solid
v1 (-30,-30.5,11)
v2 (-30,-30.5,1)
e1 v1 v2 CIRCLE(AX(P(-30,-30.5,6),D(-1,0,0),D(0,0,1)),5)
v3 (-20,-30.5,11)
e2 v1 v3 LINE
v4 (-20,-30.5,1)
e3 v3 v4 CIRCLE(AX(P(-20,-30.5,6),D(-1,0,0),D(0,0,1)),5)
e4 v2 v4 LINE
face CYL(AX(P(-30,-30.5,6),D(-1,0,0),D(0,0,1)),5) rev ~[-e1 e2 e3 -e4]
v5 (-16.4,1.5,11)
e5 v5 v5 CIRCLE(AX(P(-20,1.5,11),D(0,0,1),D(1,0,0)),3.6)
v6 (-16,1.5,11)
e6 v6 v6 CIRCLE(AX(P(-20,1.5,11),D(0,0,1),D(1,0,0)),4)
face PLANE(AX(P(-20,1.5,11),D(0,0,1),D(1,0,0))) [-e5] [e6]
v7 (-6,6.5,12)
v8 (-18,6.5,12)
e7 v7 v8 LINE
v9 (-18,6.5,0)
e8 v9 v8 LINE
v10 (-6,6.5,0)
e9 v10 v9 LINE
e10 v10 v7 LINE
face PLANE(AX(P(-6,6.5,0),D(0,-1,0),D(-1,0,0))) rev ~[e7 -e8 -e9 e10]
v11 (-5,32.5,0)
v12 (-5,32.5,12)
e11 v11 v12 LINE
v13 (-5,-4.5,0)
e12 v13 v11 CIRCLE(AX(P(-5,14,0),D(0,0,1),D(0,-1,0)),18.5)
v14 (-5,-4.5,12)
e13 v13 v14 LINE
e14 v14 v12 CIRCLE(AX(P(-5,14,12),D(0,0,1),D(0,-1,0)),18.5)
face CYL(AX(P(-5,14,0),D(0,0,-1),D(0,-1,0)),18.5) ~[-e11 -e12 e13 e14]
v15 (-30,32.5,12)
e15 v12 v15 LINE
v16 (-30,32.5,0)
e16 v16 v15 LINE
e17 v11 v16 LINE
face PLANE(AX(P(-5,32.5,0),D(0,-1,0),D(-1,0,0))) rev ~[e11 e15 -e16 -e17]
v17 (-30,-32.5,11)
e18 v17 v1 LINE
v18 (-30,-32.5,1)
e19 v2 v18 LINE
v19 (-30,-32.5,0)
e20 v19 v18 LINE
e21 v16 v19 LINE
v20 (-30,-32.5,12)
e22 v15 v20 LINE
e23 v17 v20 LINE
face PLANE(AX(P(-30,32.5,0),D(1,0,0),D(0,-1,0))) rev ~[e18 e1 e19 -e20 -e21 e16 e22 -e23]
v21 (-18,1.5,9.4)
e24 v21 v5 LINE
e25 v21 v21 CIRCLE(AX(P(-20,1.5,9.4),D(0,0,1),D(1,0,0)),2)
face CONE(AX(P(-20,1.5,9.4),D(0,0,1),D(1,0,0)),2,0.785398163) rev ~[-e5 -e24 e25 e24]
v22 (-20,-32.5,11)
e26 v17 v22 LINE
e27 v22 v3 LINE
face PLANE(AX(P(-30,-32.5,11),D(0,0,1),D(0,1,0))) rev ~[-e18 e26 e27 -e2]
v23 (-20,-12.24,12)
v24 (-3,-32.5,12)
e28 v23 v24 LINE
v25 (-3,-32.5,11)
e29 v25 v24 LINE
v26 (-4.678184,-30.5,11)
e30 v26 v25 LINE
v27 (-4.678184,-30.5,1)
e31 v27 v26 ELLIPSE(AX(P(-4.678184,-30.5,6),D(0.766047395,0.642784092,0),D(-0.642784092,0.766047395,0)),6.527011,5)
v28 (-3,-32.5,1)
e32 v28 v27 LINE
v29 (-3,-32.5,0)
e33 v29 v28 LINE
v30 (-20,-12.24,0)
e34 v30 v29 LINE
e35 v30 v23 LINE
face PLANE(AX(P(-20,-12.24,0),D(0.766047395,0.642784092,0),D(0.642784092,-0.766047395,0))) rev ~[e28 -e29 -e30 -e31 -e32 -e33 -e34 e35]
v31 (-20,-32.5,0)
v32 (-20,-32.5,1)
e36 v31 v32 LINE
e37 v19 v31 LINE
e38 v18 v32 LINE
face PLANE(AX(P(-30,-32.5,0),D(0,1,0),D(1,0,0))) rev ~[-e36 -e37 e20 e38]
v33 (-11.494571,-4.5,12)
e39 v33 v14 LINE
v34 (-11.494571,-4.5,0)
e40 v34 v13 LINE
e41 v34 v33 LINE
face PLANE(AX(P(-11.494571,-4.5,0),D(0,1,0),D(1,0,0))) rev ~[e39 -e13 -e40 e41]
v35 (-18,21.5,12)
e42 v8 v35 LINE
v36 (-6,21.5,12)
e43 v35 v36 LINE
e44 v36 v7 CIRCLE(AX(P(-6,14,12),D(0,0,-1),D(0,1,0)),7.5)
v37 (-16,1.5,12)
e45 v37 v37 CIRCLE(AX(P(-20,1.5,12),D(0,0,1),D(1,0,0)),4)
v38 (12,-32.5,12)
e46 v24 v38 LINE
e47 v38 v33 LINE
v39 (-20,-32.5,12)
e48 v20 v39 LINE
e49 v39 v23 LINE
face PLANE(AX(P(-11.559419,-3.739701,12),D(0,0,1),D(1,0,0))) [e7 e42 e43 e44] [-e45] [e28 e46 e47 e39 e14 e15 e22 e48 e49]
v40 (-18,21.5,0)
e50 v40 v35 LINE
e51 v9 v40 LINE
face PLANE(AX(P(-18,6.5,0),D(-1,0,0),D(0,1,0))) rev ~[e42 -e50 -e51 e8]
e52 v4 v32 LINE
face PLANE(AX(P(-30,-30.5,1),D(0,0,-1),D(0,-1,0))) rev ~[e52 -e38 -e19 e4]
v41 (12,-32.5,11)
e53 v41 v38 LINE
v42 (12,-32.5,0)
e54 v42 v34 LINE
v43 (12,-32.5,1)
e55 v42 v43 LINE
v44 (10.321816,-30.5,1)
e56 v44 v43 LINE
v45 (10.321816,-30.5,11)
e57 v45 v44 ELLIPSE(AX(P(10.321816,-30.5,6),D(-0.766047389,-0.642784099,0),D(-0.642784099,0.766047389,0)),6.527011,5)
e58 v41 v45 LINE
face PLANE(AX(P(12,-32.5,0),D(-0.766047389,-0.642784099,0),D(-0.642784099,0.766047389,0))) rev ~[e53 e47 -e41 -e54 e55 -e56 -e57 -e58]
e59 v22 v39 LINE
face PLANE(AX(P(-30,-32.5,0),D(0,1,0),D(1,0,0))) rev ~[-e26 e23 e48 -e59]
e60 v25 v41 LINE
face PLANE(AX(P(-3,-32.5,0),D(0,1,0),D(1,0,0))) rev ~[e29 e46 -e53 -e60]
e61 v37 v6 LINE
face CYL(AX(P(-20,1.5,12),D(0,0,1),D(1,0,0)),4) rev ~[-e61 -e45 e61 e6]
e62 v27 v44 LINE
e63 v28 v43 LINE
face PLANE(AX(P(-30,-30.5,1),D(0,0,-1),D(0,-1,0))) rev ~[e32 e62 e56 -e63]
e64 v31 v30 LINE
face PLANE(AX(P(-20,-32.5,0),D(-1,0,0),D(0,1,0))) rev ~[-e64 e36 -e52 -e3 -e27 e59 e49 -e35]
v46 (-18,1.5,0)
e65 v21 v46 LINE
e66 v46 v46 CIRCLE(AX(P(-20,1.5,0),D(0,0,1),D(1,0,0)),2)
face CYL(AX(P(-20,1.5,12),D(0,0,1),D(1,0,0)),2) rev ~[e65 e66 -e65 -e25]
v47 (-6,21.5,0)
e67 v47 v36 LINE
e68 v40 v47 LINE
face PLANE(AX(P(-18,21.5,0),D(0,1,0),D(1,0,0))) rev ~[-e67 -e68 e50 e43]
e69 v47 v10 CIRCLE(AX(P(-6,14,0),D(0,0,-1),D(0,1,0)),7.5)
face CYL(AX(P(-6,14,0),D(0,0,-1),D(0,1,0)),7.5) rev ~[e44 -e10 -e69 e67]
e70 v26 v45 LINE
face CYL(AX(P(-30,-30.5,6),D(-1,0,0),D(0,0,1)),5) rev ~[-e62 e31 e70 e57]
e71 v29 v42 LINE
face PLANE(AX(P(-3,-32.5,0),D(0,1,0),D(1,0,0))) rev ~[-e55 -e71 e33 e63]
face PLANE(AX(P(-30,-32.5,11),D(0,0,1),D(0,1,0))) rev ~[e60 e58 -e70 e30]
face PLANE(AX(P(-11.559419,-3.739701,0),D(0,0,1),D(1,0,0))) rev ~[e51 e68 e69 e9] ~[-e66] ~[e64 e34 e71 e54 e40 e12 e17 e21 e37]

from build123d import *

# Parameters (mm, degrees)
F1_DEPTH = 12
F3_DEPTH = 43.501
F4_R     = 2
F5_DEPTH = 12.001
F6_R     = 4
F7_DEPTH = 1
F8_SIZE  = 1.6


with BuildPart() as f1:
    # F0 (on Top) → F1 (new body)
    with BuildSketch(Plane.XY):
        with BuildLine():
            Line((-5, 32.5), (-30, 32.5))
            Line((-30, 32.5), (-30, -32.5))
            Line((-30, -32.5), (-20, -32.5))
            Line((-20, -32.5), (-20, -12.24))
            Line((-20, -12.24), (-3, -32.5))
            Line((-3, -32.5), (12, -32.5))
            Line((12, -32.5), (-11.494571, -4.5))
            Line((-11.494571, -4.5), (-5, -4.5))
            ThreePointArc((-5, -4.5), (13.5, 14), (-5, 32.5))
        make_face()
        with BuildLine():
            Line((-18, 6.5), (-18, 21.5))
            Line((-18, 21.5), (-6, 21.5))
            ThreePointArc((-6, 21.5), (1.5, 14), (-6, 6.5))
            Line((-6, 6.5), (-18, 6.5))
        make_face(mode=Mode.SUBTRACT)
    extrude(amount=F1_DEPTH)

    # F2 (on face) → F3 (cut, through all)
    with BuildSketch(Plane(origin=(-30, 0, 0), x_dir=(0, -1, 0), z_dir=(-1, 0, 0))):
        with BuildLine():
            Line((32.5, 11), (30.5, 11))
            ThreePointArc((30.5, 11), (25.5, 6), (30.5, 1))
            Line((30.5, 1), (32.5, 1))
            Line((32.5, 1), (32.5, 11))
        make_face()
    extrude(amount=-F3_DEPTH, mode=Mode.SUBTRACT)

    # F4 (on face) → F5 (cut, through all)
    with BuildSketch(Plane.XY.offset(12)):
        with Locations((-20, 1.5)):
            Circle(F4_R)
    extrude(amount=-F5_DEPTH, mode=Mode.SUBTRACT)

    # F6 (on face) → F7 (cut)
    with BuildSketch(Plane.XY.offset(12)):
        with Locations((-20, 1.5)):
            Circle(F6_R)
    extrude(amount=-F7_DEPTH, mode=Mode.SUBTRACT)

    # F8
    f8_edges = [f1.edges().sort_by_distance(p)[0] for p in [
        (-22, 1.5, 11),
    ]]
    chamfer(f8_edges, length=F8_SIZE)


solid = f1.part
